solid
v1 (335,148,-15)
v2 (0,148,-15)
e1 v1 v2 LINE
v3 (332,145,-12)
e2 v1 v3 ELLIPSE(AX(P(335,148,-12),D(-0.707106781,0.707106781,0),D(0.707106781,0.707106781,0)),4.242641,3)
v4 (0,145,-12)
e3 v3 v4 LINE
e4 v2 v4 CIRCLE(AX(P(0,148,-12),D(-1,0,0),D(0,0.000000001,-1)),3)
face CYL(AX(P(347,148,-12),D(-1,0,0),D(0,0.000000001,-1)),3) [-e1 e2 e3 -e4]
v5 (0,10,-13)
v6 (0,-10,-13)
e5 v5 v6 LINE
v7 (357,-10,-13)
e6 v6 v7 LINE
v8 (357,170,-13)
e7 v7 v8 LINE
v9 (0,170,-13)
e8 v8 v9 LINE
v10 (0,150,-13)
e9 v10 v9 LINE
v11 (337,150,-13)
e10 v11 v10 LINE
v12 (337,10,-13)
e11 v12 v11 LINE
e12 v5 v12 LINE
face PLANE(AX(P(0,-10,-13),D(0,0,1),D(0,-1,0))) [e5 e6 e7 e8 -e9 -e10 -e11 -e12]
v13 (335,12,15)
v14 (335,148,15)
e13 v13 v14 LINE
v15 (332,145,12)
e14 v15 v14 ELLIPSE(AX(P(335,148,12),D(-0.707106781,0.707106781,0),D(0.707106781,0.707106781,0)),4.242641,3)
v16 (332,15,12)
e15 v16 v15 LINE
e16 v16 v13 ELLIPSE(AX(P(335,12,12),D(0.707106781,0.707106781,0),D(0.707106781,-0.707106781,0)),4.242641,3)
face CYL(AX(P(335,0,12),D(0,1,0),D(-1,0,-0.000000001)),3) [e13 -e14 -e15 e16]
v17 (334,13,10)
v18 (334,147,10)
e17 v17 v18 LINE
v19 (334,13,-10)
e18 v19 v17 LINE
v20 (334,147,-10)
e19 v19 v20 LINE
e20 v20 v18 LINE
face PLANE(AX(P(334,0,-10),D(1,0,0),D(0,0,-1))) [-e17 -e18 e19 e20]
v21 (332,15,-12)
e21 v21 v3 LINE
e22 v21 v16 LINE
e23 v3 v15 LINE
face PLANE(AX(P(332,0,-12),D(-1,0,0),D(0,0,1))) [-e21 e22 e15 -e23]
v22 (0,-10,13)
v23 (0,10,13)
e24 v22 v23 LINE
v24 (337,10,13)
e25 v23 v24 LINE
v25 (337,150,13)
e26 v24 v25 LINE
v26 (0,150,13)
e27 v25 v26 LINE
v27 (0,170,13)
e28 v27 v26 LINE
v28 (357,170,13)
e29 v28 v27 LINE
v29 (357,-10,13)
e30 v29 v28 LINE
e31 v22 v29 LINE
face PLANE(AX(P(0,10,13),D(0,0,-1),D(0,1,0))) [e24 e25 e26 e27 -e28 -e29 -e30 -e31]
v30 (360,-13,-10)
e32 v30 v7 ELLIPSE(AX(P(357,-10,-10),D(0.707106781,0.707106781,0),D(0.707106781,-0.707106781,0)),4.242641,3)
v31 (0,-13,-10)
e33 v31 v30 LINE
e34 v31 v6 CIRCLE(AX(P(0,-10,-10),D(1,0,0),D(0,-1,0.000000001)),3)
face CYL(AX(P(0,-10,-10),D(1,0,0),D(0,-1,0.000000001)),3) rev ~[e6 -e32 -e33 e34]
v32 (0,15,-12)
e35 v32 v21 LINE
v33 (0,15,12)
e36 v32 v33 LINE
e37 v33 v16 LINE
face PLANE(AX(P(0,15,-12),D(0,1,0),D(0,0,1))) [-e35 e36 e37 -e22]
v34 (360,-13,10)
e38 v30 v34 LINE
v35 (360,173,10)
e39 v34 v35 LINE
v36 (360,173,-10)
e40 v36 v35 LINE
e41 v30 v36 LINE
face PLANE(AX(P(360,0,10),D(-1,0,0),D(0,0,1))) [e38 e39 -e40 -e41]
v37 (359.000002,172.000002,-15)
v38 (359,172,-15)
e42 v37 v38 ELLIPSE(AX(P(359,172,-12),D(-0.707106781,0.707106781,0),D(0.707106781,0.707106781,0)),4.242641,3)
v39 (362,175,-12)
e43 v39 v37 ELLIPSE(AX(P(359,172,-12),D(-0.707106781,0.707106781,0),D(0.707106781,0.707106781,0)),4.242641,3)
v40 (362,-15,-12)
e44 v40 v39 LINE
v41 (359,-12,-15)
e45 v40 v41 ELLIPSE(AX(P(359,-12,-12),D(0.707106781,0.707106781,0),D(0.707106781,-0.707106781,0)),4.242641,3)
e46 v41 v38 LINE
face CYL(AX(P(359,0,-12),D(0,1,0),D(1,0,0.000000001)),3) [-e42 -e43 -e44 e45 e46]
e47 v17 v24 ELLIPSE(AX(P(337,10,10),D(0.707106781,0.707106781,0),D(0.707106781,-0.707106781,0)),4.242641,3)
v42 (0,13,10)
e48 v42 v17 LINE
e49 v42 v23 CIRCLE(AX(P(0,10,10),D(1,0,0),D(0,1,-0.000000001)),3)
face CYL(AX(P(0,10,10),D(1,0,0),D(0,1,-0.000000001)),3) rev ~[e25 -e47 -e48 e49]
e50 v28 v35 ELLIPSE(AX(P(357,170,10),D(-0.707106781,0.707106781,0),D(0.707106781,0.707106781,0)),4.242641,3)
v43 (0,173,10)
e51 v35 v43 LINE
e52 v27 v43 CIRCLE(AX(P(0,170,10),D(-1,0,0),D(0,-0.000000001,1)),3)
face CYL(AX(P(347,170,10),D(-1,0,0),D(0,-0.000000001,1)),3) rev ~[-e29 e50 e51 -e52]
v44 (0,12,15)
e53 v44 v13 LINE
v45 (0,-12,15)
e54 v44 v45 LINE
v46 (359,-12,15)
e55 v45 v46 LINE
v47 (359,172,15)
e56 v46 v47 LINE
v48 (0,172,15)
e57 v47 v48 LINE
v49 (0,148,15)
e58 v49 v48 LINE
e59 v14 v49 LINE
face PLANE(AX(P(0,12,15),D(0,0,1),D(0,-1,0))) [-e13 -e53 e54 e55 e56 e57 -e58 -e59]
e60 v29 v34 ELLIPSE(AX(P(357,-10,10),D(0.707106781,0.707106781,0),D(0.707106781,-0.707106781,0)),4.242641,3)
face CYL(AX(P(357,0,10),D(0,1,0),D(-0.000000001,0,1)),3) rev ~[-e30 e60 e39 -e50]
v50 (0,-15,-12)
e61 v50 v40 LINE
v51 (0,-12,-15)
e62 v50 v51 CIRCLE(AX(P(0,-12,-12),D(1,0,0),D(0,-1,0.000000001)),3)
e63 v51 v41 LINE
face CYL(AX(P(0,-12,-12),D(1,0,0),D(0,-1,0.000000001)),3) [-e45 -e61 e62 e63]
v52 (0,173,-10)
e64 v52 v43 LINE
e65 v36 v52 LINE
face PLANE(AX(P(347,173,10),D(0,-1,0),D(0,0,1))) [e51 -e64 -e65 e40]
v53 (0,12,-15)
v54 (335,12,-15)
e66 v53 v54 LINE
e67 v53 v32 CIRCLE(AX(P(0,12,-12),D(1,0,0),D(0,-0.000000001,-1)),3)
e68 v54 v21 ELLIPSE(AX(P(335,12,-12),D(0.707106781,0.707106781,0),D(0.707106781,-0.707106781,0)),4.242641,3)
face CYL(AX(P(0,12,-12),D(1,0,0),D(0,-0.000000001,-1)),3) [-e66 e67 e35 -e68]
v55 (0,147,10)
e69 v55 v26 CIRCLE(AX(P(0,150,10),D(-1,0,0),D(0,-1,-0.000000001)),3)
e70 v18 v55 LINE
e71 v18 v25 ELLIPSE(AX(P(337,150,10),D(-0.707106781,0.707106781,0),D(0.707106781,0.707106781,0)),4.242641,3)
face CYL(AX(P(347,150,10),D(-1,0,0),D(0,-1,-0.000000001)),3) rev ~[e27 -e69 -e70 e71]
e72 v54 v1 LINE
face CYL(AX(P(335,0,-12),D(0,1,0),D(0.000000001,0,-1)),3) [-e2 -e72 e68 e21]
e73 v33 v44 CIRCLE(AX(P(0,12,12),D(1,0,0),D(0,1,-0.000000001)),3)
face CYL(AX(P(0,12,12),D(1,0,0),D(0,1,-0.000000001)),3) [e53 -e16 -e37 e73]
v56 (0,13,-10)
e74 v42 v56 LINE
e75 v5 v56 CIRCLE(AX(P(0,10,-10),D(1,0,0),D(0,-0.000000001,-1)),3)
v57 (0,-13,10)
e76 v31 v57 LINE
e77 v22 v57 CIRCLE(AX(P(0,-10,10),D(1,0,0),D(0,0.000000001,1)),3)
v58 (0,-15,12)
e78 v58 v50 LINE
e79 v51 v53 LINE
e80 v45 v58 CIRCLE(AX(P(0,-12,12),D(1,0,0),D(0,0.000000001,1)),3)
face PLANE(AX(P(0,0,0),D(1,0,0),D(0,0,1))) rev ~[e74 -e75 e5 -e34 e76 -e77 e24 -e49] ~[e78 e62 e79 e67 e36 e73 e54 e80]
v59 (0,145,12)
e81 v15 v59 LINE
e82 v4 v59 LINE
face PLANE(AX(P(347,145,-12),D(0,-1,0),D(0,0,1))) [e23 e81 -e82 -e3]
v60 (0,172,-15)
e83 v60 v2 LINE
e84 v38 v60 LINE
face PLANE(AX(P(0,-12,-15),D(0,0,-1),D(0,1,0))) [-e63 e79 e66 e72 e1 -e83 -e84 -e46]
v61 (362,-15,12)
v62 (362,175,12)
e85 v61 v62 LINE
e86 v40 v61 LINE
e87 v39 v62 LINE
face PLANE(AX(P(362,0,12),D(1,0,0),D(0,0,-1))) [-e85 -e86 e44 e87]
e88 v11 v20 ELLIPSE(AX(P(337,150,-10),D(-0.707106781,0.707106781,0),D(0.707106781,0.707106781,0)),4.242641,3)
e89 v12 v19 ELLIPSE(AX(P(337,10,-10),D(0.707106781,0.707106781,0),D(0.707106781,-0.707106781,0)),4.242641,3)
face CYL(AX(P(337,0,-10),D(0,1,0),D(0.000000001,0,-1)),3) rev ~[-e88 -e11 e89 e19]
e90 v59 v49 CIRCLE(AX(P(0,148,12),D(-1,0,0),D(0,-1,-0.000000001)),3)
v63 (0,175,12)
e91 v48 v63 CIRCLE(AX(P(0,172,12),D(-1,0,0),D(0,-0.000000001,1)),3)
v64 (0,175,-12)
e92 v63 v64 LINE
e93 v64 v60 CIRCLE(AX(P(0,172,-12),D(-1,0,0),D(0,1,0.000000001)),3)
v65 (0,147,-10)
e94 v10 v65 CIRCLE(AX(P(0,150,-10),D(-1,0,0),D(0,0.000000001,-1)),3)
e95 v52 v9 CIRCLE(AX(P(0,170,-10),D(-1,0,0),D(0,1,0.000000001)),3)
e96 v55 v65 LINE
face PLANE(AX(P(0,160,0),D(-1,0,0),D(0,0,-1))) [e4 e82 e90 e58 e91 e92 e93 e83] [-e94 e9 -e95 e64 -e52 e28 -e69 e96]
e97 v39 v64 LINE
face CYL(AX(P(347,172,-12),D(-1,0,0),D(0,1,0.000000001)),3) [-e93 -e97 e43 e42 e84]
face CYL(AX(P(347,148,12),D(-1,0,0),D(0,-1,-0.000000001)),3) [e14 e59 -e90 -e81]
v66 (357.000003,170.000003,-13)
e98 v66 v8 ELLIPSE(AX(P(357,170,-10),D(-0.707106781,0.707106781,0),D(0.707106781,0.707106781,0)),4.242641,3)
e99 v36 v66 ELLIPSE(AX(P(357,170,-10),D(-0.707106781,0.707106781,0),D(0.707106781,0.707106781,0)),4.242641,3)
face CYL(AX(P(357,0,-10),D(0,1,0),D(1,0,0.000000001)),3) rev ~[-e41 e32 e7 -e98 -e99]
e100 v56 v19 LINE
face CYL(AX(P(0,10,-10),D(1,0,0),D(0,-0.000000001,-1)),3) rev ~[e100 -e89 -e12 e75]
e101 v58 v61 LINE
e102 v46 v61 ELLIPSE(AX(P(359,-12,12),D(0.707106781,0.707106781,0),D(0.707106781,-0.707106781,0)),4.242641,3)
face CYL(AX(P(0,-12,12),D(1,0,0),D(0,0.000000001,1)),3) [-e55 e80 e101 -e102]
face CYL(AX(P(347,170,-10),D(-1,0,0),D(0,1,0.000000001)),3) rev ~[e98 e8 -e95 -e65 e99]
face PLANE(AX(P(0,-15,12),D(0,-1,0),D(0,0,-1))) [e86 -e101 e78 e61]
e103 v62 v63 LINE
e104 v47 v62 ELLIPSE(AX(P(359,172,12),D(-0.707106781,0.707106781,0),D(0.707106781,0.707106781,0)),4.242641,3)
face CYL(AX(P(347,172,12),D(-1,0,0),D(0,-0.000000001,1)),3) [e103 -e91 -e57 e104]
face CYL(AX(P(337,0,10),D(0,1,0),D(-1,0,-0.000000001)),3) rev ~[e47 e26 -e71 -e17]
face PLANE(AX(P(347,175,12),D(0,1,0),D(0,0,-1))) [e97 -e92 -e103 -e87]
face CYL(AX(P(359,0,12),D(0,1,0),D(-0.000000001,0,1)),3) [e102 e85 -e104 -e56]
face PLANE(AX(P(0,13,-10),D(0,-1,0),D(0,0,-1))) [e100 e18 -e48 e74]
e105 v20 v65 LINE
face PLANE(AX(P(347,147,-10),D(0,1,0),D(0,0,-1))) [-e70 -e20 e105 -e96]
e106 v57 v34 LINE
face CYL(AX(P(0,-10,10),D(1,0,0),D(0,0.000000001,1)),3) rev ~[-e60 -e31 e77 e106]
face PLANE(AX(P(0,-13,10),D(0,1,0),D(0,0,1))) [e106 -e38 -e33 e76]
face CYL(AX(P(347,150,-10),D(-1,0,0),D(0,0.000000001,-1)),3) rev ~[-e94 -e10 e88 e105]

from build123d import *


with BuildPart() as part:
    # Balayage1: sweep along a path in Esquisse1
    with BuildLine(Plane.XY) as balayage1_path:
        Line((0, 0), (347, 0))
        Line((347, 0), (347, 160))
        Line((347, 160), (0, 160))
    # Esquisse2 → Balayage1 (sweep)
    with BuildSketch(Plane(origin=(0, 0, 0), x_dir=(0, 0, -1), z_dir=(1, 0, 0))):
        with BuildLine():
            Line((-12, -15), (12, -15))
            ThreePointArc((12, -15), (14.121320344, -14.121320344), (15, -12))
            Line((15, -12), (15, 12))
            ThreePointArc((15, 12), (14.121320344, 14.121320344), (12, 15))
            Line((12, 15), (-12, 15))
            ThreePointArc((-12, 15), (-14.121320344, 14.121320344), (-15, 12))
            Line((-15, 12), (-15, -12))
            ThreePointArc((-15, -12), (-14.121320344, -14.121320344), (-12, -15))
        make_face()
        with BuildLine():
            Line((-10, -13), (10, -13))
            ThreePointArc((10, -13), (12.121320344, -12.121320344), (13, -10))
            Line((13, -10), (13, 10))
            ThreePointArc((13, 10), (12.121320344, 12.121320344), (10, 13))
            Line((10, 13), (-10, 13))
            ThreePointArc((-10, 13), (-12.121320344, 12.121320344), (-13, 10))
            Line((-13, 10), (-13, -10))
            ThreePointArc((-13, -10), (-12.121320344, -12.121320344), (-10, -13))
        make_face(mode=Mode.SUBTRACT)
    sweep(path=balayage1_path.line, transition=Transition.RIGHT)


solid = part.part
